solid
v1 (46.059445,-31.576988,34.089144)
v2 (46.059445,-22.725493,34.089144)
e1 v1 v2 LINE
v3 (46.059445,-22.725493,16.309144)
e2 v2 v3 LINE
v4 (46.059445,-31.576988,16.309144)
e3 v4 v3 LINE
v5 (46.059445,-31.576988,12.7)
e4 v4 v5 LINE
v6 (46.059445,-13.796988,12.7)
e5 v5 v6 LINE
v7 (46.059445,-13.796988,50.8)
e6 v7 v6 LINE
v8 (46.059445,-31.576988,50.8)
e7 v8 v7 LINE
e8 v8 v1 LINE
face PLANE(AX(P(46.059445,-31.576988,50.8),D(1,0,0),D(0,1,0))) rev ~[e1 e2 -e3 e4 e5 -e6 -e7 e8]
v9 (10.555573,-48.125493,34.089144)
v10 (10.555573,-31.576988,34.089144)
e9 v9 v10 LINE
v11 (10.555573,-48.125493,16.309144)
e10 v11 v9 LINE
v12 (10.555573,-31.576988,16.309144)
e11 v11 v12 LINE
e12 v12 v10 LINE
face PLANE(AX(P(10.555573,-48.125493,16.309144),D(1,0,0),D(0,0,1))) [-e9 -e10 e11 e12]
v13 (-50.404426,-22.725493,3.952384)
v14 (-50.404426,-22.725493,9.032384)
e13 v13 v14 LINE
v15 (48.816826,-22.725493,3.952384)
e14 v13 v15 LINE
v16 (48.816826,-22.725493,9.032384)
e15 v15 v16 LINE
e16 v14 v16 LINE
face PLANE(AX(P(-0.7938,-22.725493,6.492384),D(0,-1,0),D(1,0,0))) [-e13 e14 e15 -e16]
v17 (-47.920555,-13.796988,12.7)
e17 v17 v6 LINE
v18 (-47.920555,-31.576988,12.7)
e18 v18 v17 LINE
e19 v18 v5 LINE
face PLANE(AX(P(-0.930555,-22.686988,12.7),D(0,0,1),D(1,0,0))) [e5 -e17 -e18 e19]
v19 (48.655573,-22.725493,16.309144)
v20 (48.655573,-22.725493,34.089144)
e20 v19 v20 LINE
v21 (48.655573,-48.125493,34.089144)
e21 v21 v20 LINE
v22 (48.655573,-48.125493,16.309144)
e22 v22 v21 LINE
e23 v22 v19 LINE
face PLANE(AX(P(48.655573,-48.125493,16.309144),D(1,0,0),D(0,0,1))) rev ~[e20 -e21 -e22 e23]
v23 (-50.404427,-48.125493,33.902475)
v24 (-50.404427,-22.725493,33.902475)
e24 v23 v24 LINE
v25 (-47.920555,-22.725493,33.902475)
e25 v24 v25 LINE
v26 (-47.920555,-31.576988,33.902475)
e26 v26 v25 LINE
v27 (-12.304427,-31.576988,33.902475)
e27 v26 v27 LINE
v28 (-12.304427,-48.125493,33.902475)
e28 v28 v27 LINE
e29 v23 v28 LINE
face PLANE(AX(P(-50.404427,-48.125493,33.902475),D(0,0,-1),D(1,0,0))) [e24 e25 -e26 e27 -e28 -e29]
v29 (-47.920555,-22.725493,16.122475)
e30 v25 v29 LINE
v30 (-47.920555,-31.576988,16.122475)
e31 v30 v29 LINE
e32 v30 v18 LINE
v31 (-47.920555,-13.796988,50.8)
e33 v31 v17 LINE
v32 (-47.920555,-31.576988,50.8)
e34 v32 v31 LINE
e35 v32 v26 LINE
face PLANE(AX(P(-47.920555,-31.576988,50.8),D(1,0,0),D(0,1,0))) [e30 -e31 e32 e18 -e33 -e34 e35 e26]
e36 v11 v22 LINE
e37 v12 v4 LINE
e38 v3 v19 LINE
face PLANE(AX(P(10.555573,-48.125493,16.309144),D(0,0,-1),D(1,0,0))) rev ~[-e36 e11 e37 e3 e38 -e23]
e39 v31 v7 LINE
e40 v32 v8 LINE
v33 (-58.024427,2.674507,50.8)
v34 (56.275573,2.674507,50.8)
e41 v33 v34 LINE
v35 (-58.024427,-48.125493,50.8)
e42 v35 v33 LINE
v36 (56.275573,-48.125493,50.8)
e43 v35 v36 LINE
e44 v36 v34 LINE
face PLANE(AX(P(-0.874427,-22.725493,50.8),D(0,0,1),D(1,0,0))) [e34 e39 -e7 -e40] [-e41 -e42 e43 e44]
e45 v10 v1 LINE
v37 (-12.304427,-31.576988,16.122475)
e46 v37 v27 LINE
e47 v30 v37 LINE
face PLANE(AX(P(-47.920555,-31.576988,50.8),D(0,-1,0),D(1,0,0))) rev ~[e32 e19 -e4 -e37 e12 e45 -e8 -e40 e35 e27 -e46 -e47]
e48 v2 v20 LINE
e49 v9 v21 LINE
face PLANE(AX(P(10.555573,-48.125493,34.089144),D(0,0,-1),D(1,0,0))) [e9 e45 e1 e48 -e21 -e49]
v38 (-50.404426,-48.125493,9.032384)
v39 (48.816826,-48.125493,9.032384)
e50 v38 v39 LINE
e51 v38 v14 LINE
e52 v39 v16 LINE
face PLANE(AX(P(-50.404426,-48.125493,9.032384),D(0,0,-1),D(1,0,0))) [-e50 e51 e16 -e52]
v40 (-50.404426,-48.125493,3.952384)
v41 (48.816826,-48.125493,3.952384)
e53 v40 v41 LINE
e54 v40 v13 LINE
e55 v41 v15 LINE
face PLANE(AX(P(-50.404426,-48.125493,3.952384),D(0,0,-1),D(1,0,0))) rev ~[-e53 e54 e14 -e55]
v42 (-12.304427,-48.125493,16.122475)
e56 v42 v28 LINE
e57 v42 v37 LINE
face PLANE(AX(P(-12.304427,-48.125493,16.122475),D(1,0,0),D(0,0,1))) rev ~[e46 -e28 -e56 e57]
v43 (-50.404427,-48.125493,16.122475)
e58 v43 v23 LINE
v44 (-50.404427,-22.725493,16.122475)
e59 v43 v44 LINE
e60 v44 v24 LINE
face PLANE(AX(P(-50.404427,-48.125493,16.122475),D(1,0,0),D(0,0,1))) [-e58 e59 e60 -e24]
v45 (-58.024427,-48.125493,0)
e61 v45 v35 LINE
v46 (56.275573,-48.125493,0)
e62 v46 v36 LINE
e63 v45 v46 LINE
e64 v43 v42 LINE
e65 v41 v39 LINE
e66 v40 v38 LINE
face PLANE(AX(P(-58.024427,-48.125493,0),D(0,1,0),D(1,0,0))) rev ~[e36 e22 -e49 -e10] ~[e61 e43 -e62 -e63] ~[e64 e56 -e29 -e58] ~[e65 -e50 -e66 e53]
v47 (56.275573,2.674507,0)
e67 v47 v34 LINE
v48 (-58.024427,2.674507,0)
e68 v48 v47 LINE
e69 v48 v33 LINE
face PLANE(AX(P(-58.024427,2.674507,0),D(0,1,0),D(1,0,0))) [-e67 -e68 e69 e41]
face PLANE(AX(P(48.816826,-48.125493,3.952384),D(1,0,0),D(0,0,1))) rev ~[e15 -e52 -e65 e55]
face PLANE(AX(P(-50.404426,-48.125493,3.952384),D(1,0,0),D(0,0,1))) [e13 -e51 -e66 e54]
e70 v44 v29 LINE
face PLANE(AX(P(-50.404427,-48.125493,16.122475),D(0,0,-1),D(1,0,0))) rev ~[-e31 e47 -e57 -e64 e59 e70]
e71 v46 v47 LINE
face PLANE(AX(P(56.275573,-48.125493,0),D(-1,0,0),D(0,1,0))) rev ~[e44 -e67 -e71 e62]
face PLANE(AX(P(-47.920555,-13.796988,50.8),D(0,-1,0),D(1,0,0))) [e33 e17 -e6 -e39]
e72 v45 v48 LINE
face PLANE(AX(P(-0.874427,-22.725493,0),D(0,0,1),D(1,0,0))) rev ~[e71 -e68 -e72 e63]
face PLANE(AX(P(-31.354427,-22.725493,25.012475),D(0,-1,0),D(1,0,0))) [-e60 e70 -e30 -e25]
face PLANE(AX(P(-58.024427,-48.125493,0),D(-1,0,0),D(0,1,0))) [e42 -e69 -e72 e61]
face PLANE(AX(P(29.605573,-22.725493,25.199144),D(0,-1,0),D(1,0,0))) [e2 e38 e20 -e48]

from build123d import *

# Parameters (mm, degrees)
F0_W     = 114.3
F0_H     = 50.8
F1_DEPTH = 50.8
F2_W     = 93.98
F2_H     = 17.78
F3_DEPTH = 38.1
F4_W     = 38.1
F4_H     = 17.78
F4_W_2   = 99.221253
F4_H_2   = 5.08
F5_DEPTH = 25.4
F6_DEPTH = 25.4


with BuildPart() as f1:
    # F0 (on Top) → F1 (new body)
    with BuildSketch(Plane.XY):
        with Locations((-0.874427, -22.725493)):
            Rectangle(F0_W, F0_H)
    extrude(amount=F1_DEPTH)

    # F2 (on face) → F3 (cut)
    with BuildSketch(Plane.XY.offset(50.8)):
        with Locations((-0.930555, -22.686988)):
            Rectangle(F2_W, F2_H)
    extrude(amount=-F3_DEPTH, mode=Mode.SUBTRACT)

    # F4 (on face) → F5 (cut)
    with BuildSketch(Plane.XZ.offset(48.125493)):
        with Locations((29.605573, 25.199144)):
            Rectangle(F4_W, F4_H)
        with Locations((-31.354427, 25.012475)):
            Rectangle(F4_W, F4_H)
        with Locations((-0.7938, 6.492384)):
            Rectangle(F4_W_2, F4_H_2)
    extrude(amount=-F5_DEPTH, mode=Mode.SUBTRACT)

    # F4 (on face) → F6 (cut)
    with BuildSketch(Plane.XZ.offset(48.125493)):
        with Locations((29.605573, 25.199144)):
            Rectangle(F4_W, F4_H)
        with Locations((-31.354427, 25.012475)):
            Rectangle(F4_W, F4_H)
        with Locations((-0.7938, 6.492384)):
            Rectangle(F4_W_2, F4_H_2)
    extrude(amount=-F6_DEPTH, mode=Mode.SUBTRACT)


solid = f1.part
